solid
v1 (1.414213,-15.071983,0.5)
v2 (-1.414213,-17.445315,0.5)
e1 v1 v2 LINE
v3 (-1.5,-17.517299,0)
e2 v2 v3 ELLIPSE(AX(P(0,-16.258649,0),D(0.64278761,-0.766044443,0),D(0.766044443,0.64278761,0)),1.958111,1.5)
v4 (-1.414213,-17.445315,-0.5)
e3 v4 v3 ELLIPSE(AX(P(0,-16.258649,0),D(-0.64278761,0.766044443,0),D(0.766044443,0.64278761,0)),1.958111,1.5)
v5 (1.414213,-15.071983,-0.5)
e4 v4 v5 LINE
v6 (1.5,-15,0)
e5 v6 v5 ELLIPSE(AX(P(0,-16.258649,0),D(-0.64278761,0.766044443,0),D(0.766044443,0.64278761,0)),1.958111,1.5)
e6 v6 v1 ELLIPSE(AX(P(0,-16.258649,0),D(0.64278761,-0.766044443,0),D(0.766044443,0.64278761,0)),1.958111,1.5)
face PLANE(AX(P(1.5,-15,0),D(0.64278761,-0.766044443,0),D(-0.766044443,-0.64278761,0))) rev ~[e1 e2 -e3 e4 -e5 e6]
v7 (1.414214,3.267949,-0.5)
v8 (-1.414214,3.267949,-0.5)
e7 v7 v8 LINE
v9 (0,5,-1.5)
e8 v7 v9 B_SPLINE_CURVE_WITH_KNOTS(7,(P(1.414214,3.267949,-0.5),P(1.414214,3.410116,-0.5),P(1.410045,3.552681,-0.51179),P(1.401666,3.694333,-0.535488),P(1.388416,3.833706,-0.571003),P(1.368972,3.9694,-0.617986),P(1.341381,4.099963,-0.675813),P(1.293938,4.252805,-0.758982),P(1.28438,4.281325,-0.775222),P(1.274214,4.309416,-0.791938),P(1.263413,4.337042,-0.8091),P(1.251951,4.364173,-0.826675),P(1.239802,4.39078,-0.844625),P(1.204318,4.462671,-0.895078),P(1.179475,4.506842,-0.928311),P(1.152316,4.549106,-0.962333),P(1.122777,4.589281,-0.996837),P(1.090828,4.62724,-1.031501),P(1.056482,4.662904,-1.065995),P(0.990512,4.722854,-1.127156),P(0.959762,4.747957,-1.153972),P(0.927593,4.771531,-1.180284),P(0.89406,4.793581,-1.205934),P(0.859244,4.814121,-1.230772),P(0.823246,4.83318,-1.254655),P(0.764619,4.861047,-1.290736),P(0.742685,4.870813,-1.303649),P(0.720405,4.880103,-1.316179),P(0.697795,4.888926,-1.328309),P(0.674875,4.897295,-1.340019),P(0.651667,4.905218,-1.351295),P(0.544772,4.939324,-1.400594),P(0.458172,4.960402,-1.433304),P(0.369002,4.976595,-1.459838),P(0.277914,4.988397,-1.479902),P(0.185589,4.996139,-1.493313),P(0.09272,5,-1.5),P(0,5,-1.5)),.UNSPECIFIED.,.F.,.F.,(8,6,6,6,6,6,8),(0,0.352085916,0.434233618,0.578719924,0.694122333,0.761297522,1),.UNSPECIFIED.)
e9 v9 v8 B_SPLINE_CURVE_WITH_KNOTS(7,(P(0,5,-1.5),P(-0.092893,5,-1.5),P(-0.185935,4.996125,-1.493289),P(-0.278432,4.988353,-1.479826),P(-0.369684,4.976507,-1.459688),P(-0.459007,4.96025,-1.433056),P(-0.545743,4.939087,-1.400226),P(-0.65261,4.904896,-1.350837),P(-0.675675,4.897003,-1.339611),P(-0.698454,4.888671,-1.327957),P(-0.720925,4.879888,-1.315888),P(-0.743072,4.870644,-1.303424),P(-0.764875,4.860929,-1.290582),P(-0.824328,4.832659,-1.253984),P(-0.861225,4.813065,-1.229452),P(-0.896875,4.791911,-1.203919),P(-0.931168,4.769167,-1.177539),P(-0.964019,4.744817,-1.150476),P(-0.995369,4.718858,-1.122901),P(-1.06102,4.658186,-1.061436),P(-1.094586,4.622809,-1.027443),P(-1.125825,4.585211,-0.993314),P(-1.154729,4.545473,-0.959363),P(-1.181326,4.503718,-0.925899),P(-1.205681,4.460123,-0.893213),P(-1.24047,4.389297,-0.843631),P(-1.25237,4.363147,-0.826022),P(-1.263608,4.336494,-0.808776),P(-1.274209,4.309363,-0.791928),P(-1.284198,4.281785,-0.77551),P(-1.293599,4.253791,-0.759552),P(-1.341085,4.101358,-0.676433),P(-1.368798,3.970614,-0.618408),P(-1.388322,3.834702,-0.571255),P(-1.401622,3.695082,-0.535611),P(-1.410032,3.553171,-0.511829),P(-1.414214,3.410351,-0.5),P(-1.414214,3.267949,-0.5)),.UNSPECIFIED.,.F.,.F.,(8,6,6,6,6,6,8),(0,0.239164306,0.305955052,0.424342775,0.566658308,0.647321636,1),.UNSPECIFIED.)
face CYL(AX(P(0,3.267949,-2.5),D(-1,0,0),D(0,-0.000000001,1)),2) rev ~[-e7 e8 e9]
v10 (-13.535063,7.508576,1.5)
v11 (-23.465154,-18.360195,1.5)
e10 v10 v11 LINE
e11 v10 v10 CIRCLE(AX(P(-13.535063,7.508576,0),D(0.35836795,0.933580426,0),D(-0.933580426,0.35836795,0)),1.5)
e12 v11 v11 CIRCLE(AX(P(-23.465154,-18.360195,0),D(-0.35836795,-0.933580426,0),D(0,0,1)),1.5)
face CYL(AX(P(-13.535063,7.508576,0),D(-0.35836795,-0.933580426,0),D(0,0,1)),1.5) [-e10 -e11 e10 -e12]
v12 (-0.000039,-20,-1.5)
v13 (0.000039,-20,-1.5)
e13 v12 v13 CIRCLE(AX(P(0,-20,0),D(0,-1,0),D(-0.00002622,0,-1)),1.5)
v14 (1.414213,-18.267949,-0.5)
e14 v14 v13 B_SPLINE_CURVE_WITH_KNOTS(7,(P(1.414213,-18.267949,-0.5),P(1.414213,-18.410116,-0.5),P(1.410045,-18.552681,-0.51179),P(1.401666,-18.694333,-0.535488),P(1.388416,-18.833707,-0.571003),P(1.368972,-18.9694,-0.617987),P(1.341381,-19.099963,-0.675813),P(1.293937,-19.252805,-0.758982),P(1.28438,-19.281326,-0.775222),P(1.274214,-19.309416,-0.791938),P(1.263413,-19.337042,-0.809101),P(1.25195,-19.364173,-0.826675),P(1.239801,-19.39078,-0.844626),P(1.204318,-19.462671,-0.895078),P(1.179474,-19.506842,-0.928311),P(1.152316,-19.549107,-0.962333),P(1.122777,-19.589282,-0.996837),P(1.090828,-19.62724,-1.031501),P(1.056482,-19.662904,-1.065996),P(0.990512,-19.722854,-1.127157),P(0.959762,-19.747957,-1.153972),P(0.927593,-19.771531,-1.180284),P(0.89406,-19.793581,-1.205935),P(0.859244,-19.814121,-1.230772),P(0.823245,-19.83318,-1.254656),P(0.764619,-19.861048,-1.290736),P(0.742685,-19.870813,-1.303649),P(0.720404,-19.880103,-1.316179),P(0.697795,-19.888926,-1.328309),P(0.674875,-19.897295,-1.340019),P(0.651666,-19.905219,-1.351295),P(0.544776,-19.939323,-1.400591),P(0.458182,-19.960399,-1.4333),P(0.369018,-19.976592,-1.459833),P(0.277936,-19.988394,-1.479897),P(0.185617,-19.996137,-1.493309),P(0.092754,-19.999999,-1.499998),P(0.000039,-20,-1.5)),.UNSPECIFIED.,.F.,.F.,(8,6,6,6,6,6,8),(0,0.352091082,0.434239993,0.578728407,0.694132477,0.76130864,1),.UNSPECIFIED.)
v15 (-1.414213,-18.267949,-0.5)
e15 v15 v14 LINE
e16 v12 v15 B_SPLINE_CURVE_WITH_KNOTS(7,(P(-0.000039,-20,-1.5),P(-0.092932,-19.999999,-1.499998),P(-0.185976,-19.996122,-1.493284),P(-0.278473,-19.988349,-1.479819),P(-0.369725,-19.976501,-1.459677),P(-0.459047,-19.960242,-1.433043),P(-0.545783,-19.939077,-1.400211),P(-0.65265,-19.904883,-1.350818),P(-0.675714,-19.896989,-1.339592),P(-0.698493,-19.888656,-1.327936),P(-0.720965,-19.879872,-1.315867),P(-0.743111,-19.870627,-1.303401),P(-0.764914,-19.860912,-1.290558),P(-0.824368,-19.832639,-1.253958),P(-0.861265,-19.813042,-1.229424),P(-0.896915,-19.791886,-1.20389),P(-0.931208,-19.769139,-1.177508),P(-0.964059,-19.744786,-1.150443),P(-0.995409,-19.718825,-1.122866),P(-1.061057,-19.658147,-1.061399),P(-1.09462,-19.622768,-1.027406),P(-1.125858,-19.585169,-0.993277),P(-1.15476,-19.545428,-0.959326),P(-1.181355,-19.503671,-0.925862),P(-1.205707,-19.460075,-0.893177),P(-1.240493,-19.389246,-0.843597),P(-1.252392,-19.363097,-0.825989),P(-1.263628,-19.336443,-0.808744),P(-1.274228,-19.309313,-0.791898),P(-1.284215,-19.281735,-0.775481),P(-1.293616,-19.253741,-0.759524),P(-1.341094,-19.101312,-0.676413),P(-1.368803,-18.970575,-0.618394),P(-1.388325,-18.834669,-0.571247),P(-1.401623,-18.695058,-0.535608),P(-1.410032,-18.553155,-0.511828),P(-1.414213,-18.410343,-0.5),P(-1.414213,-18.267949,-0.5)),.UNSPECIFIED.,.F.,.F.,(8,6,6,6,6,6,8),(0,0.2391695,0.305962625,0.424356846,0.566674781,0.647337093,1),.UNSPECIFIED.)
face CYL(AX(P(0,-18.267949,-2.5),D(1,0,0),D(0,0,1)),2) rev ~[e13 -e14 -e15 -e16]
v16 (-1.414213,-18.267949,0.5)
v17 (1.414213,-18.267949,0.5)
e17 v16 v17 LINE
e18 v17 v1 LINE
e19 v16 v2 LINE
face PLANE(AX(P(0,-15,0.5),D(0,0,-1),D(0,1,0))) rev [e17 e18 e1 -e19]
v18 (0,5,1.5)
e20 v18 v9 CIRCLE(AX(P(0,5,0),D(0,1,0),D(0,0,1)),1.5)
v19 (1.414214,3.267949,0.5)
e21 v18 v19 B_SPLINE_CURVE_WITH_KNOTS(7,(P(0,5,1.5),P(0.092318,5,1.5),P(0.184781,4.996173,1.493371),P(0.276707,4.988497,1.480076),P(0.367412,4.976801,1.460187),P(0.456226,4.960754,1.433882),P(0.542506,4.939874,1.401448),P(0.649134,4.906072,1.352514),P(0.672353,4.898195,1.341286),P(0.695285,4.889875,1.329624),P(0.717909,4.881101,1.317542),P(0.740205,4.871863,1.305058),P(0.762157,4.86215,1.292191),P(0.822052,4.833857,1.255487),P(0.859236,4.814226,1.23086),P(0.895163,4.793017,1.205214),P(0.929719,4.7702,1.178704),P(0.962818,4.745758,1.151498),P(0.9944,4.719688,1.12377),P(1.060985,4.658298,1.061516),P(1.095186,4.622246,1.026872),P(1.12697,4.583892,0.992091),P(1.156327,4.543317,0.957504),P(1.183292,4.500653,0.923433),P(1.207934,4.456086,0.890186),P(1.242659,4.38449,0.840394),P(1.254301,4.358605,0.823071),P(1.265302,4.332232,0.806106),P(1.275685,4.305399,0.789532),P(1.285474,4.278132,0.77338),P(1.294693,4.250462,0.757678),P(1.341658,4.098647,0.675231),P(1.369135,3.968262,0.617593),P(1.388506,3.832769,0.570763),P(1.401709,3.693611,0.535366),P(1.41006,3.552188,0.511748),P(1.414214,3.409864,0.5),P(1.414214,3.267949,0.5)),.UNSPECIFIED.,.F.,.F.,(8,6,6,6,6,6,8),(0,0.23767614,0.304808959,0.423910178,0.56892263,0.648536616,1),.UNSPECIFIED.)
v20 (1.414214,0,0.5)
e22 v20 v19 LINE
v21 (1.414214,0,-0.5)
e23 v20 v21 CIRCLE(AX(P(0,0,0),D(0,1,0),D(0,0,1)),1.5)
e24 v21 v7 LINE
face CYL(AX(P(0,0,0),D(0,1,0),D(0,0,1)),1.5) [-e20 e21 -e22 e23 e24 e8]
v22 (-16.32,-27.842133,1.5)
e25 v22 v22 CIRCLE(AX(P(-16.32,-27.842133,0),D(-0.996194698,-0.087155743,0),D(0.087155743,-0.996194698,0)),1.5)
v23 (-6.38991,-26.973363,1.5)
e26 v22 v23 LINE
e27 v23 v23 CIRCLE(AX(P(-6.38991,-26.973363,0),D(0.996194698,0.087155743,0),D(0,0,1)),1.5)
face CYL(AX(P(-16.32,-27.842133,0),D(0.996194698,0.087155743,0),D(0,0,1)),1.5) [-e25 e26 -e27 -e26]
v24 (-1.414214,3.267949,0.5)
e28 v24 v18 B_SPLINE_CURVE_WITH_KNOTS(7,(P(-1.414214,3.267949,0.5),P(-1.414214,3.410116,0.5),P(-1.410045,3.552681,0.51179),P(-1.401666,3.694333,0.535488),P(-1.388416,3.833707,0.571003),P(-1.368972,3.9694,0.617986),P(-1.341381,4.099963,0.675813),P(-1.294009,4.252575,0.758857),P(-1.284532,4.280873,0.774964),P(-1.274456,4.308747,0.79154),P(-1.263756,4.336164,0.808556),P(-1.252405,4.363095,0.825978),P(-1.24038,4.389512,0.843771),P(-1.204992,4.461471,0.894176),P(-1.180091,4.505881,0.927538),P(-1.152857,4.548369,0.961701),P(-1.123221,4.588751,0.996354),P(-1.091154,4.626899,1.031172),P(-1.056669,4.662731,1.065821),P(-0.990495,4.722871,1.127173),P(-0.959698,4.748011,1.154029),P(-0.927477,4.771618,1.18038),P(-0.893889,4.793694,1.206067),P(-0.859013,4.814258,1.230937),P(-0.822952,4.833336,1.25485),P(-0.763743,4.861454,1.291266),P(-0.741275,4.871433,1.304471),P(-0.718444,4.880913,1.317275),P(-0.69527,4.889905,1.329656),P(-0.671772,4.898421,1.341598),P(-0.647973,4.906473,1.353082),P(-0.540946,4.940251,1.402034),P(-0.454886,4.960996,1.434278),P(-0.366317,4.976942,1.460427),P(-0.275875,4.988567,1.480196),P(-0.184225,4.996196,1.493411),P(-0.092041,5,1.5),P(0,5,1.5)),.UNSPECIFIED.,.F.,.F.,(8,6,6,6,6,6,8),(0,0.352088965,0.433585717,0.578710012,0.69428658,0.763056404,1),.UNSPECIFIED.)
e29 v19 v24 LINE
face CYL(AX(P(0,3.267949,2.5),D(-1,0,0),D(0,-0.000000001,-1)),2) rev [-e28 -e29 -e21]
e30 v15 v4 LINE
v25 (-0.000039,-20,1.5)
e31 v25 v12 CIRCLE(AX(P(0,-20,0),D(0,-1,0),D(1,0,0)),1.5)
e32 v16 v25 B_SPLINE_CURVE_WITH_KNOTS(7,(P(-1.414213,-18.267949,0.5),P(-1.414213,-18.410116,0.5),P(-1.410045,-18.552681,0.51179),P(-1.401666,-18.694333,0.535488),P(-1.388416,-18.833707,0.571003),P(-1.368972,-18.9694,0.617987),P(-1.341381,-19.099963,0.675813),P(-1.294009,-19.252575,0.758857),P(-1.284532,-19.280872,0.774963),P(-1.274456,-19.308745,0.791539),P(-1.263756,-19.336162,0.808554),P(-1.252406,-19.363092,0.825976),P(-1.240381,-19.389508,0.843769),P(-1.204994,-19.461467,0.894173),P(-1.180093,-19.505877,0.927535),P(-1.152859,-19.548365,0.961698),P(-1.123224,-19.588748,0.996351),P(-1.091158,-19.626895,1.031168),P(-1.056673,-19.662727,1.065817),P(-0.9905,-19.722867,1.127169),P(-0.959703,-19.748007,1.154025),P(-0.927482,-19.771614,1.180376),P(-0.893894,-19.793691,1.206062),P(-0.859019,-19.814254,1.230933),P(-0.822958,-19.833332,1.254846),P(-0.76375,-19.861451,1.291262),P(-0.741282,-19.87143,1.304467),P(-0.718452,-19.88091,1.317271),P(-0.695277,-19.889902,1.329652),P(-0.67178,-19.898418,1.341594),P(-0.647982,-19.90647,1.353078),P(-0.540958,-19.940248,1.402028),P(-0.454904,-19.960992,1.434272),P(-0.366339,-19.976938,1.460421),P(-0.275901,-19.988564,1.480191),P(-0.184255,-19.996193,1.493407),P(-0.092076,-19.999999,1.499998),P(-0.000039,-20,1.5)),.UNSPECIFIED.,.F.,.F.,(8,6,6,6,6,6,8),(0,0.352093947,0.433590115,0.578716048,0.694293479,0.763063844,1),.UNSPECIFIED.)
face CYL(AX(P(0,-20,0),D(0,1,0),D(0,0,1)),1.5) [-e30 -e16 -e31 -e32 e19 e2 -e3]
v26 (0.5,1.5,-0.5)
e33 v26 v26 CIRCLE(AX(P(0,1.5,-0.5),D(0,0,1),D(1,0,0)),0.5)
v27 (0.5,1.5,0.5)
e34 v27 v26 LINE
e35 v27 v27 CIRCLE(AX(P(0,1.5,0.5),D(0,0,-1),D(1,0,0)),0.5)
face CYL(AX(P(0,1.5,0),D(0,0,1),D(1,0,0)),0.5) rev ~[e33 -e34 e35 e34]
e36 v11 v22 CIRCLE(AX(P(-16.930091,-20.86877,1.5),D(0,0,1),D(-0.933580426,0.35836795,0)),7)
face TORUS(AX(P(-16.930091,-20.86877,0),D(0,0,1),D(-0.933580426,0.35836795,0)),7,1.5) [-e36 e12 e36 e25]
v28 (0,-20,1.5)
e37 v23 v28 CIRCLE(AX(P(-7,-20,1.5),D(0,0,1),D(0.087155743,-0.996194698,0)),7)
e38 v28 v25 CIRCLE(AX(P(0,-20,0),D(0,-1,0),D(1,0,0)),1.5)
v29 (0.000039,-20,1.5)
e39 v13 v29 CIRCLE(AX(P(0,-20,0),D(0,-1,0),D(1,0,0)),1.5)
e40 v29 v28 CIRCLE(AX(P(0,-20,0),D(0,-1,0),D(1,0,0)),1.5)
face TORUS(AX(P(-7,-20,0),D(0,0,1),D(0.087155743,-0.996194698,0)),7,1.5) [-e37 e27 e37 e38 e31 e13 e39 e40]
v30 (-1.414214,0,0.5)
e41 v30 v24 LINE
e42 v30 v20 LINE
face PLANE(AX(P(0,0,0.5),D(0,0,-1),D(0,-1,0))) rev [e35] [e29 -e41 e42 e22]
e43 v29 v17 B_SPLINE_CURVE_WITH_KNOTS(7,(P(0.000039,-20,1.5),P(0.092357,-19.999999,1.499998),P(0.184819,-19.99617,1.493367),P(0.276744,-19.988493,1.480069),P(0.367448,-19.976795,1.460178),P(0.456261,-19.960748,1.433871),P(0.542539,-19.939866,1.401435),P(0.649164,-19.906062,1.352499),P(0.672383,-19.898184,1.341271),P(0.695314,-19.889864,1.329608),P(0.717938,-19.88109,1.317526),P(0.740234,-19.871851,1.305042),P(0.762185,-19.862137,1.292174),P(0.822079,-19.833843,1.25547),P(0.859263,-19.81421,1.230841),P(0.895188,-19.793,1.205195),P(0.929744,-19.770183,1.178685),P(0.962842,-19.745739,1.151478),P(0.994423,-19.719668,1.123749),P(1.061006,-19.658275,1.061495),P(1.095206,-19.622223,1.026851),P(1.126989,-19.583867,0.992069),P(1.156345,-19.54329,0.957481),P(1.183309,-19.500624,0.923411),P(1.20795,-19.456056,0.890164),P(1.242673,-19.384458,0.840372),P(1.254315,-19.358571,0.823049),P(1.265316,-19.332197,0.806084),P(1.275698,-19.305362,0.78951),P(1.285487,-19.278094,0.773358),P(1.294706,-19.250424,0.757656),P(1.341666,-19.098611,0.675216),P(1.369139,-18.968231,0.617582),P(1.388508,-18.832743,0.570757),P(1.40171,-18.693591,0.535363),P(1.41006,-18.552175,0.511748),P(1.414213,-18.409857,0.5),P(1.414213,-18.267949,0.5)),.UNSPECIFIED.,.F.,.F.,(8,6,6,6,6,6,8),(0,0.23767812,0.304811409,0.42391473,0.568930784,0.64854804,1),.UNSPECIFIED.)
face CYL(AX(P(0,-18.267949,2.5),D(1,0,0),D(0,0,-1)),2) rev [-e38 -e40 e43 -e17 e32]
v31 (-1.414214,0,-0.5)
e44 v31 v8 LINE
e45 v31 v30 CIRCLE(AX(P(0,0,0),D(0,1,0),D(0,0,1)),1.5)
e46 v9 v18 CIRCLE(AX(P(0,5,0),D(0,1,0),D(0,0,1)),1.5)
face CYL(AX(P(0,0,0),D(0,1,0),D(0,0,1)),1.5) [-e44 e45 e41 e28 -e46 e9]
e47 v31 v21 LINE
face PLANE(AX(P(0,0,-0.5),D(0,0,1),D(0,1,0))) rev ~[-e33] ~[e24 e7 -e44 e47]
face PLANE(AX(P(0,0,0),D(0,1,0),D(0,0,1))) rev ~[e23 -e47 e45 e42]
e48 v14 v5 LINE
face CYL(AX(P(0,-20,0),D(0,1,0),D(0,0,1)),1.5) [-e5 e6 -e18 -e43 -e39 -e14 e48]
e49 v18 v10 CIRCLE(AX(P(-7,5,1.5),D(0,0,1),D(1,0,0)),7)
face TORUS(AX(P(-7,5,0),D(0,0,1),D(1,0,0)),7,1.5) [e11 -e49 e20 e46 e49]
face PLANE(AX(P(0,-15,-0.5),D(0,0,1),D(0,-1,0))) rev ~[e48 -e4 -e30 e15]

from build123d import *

# Parameters (mm, degrees)
SWEEP1_PROFILE_R        = 1.5
CUT_EXTRUDE1_DEPTH      = 39.877553802
CUT_EXTRUDE1_DEPTH_BACK = 39.877553802
SKETCH7_R               = 0.5
CUT_EXTRUDE10_DEPTH     = 2


with BuildPart() as part:
    # Sweep1: sweep along a path in Sketch2
    with BuildLine(Plane.XY) as sweep1_path:
        Line((0, 0), (0, 5))
        ThreePointArc((0, 5), (-5.724351322, 11.882784353), (-13.535062985, 7.508575647))
        Line((-13.535062985, 7.508575647), (-23.465153554, -18.360194706))
        ThreePointArc((-23.465153554, -18.360194706), (-22.520539139, -25.081475515), (-16.32000037, -27.842133239))
        Line((-16.32000037, -27.842133239), (-6.389909801, -26.973362887))
        ThreePointArc((-6.389909801, -26.973362887), (-1.839058642, -24.729131453), (0, -20))
        Line((0, -20), (0, -15))
    # Sweep1 profile (on start of the path) → Sweep1 (sweep)
    with BuildSketch(Plane.ZX):
        Circle(SWEEP1_PROFILE_R)
    sweep(path=sweep1_path.line)

    # Sketch7 → Cut-Extrude1 (cut, two sides: drawn at the far end of the back side and taken through both)
    with BuildSketch(Plane.XY.offset(-CUT_EXTRUDE1_DEPTH_BACK)):
        with Locations((0, 1.5)):
            Circle(SKETCH7_R)
        Polygon((1.5, -15), (-3.26701437, -19), (-3.26701437, -15), align=None)
    extrude(amount=CUT_EXTRUDE1_DEPTH + CUT_EXTRUDE1_DEPTH_BACK, mode=Mode.SUBTRACT)

    # Sketch9 → Cut-Extrude10 (cut, symmetric)
    with BuildSketch(Plane(origin=(0, 0, 0), x_dir=(0, 0, -1), z_dir=(1, 0, 0))):
        with BuildLine():
            Line((0.5, 0), (0.5, 3.267949192))
            ThreePointArc((0.5, 3.267949192), (0.767949192, 4.267949192), (1.5, 5))
            Line((1.5, 5), (1.5, 0))
            Line((1.5, 0), (0.5, 0))
        make_face()
        with BuildLine():
            Line((0.500000276, -15), (0.500000276, -18.267949352))
            ThreePointArc((0.500000276, -18.267949352), (0.767949389, -19.267949214), (1.5, -20))
            Line((1.5, -20), (1.5, -15))
            Line((1.5, -15), (0.500000276, -15))
        make_face()
    cut_extrude10 = extrude(amount=CUT_EXTRUDE10_DEPTH, both=True, mode=Mode.SUBTRACT)

    # Mirror1: Cut-Extrude10 across plane
    add(cut_extrude10.mirror(Plane.XY), mode=Mode.SUBTRACT)


solid = part.part
